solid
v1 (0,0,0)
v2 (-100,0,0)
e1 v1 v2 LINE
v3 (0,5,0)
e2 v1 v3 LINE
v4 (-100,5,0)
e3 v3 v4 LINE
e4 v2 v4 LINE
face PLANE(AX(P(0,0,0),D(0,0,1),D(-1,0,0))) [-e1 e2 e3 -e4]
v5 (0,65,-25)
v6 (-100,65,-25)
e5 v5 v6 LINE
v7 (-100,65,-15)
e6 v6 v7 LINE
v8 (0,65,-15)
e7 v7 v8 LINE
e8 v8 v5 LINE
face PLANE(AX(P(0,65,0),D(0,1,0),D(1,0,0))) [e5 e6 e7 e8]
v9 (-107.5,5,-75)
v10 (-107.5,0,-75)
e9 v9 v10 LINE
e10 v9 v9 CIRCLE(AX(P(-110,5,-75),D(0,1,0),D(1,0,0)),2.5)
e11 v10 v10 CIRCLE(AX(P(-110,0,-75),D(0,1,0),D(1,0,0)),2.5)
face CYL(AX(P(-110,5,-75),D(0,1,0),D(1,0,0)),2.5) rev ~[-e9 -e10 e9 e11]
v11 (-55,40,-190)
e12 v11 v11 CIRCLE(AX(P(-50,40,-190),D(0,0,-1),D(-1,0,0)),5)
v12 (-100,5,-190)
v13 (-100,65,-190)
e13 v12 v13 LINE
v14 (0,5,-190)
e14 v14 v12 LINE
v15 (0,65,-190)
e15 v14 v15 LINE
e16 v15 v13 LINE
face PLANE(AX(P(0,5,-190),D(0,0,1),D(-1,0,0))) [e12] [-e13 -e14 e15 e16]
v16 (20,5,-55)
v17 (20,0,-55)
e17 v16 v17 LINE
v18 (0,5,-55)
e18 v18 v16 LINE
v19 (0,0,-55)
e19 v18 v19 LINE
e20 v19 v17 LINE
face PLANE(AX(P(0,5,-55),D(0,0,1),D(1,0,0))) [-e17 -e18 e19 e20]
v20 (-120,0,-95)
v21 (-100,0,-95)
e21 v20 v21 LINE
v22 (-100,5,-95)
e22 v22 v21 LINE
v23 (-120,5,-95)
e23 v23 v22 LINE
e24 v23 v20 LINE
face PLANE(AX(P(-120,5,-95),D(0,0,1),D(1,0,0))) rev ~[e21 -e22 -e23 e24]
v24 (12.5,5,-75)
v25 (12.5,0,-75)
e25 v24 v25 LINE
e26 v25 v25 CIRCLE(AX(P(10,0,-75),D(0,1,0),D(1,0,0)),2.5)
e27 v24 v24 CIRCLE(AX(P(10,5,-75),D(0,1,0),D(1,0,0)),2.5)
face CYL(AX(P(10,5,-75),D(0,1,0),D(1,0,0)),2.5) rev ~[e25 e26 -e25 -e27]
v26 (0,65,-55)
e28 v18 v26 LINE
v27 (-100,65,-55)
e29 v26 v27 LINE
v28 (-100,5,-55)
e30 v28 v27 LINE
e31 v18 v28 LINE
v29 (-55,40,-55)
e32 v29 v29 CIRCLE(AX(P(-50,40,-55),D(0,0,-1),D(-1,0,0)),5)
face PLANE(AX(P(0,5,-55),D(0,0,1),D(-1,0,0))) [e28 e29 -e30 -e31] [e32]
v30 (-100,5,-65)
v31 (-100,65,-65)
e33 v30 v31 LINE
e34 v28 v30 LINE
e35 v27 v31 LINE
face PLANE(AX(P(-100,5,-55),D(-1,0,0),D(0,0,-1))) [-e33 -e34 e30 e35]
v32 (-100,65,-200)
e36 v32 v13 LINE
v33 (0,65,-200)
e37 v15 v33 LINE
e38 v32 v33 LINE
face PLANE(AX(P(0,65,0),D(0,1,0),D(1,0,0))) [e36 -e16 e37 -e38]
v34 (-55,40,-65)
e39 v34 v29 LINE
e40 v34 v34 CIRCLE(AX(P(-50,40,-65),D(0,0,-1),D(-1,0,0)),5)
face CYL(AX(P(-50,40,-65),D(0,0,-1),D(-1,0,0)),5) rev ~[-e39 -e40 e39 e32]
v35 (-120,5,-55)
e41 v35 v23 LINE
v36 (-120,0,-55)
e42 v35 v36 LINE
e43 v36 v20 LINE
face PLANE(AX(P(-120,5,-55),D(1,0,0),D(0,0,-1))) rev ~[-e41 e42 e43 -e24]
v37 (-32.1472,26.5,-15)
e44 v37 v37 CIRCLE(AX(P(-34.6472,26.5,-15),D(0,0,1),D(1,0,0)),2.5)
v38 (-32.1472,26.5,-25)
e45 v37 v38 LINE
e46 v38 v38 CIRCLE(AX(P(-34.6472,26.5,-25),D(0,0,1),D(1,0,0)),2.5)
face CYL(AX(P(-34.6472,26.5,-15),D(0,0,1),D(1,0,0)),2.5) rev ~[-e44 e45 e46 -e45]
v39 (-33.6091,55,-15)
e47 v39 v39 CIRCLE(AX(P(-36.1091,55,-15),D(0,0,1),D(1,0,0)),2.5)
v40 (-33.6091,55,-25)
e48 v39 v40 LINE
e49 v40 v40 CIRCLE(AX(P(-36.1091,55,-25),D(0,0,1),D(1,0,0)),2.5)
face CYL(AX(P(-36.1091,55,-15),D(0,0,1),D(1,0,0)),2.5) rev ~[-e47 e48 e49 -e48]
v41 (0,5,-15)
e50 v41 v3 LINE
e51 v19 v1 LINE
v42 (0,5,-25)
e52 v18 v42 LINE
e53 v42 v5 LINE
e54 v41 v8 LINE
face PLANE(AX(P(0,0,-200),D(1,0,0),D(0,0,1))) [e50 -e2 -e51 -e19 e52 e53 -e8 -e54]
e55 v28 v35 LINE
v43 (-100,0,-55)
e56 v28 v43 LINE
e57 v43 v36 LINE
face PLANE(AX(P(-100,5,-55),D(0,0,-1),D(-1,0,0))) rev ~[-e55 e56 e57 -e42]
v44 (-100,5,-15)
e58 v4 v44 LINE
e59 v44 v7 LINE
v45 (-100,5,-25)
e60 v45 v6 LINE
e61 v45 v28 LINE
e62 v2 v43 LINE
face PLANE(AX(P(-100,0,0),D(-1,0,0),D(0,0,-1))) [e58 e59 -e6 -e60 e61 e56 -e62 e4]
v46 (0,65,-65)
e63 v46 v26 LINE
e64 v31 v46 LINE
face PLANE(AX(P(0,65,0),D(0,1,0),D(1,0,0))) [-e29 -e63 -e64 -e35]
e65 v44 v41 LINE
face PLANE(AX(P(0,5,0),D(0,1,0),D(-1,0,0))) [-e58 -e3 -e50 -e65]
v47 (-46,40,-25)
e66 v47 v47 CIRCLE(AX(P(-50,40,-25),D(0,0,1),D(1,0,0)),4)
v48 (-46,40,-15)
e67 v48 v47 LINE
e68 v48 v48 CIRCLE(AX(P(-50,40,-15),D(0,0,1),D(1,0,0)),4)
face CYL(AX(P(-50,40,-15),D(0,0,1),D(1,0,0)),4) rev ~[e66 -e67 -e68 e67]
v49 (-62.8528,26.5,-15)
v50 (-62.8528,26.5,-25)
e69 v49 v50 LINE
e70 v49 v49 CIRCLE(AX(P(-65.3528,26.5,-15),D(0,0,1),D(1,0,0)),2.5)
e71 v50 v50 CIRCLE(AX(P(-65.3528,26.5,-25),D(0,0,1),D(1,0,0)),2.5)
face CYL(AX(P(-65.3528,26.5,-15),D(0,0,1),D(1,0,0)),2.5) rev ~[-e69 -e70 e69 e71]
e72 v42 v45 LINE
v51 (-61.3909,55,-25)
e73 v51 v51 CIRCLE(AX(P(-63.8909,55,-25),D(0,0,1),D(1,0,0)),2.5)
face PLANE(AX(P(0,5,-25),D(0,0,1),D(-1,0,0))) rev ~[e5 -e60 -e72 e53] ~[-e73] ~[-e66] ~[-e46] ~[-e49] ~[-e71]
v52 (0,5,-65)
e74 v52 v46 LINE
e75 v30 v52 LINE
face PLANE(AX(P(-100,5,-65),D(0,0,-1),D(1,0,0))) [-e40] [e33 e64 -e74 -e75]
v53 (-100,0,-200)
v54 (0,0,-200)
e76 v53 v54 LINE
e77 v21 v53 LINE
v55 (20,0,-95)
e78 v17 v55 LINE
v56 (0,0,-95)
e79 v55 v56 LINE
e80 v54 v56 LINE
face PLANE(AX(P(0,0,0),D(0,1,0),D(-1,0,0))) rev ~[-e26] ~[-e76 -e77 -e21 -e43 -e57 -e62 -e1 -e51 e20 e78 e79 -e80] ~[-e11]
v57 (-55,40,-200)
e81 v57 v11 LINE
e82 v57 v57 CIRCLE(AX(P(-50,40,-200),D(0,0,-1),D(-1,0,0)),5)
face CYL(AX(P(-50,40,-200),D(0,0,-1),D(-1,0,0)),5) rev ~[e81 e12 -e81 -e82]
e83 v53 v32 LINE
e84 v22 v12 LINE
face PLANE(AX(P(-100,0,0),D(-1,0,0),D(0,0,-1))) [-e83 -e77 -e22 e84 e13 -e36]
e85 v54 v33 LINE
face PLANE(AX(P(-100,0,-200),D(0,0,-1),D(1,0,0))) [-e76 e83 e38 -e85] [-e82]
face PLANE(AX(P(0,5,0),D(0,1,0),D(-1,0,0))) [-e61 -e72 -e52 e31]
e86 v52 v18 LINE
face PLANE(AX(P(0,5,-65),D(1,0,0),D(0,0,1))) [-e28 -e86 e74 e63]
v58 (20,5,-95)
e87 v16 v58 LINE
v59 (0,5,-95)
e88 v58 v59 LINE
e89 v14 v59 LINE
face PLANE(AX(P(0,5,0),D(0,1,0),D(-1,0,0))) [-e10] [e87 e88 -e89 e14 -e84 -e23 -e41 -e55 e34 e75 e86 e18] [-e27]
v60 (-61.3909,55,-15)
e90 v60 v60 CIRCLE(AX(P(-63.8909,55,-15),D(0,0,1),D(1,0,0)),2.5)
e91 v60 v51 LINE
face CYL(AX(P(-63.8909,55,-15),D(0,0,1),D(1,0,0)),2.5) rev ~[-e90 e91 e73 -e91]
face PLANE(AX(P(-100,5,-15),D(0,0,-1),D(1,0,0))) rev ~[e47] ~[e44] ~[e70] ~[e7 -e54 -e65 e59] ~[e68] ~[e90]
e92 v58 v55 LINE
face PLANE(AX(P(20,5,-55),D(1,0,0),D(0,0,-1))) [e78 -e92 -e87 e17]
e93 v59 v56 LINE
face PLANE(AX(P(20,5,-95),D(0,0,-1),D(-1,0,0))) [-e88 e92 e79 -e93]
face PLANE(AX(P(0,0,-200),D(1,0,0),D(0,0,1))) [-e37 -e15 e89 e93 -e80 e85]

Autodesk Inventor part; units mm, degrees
ref_plane "YZ Plane" through (0, 0, 0) normal (1, 0, 0) x (0, 1, 0)
ref_plane "XZ Plane" through (0, 0, 0) normal (0, 1, 0) x (-1, 0, 0)
ref_plane "XY Plane" through (0, 0, 0) normal (0, 0, 1) x (1, 0, 0)
sketch "Boceto2" plane through (0, 0, 0) normal (0, 1, 0) x (-1, 0, 0)
  line L0 (0, 0) -> (100, 0)
  line L1 (100, 0) -> (100, -200)
  line L2 (100, -200) -> (0, -200)
  line L3 (0, -200) -> (0, 0)
  dimension "d2" = 200
  dimension "d3" = 100
extrude "Extrusión1" add sketch "Boceto2" along normal blind 5
sketch "Boceto3" plane through (0, 5, 0) normal (0, 1, 0) x (1, 0, 0)
  line L0 (-100, 200) -> (-100, 0) projected
  line L1 (-100, 55) -> (-120, 55)
  line L2 (-120, 55) -> (-120, 95)
  line L3 (-120, 95) -> (-100, 95)
  line L4 (-100, 95) -> (-100, 55)
  line L5 (0, 0) -> (0, 200) projected
  line L6 (0, 55) -> (20, 55)
  line L7 (20, 55) -> (20, 95)
  line L8 (20, 95) -> (0, 95)
  line L9 (0, 95) -> (0, 55)
  line L10 (-100, 0) -> (0, 0) projected
  circle A0 centre (-110, 75) radius 2.5
  circle A1 centre (10, 75) radius 2.5
  point P0 (0, 95)
  dimension "d6" = 20
  dimension "d7" = 40
  dimension "d8" = 20
  dimension "d9" = 40
  dimension "d10" = 55
  dimension "d11" = 5
  dimension "d12" = 5
extrude "Extrusión2" add sketch "Boceto3" against normal blind 5
thread "Rosca1" size "M5x0.8" class "6H" standard "ANSI Metric M Profile" full length
thread "Rosca2" size "M5x0.8" class "6H" standard "ANSI Metric M Profile" full length
sketch "Boceto4" plane through (0, 5, 0) normal (0, 1, 0) x (1, 0, 0)
  line L0 (-100, 200) -> (-100, 95) projected
  line L1 (0, 95) -> (0, 200) projected
  line L2 (-100, 200) -> (0, 200)
  line L3 (0, 200) -> (0, 190)
  line L4 (0, 190) -> (-100, 190)
  line L5 (-100, 190) -> (-100, 200)
  line L6 (0, 55) -> (-100, 55)
  line L7 (-100, 55) -> (-100, 65)
  line L8 (-100, 65) -> (0, 65)
  line L9 (0, 65) -> (0, 55)
  line L10 (-100, 15) -> (0, 15)
  line L11 (0, 15) -> (0, 25)
  line L12 (0, 25) -> (-100, 25)
  line L13 (-100, 25) -> (-100, 15)
  line L14 (-100, 0) -> (0, 0) projected
  dimension "d19" = 10
  dimension "d20" = 100
  dimension "d21" = 10
  dimension "d22" = 100
  dimension "d24" = 30
  dimension "d56" = 125
extrude "Extrusión3" add sketch "Boceto4" along normal blind 60
sketch "Boceto5" plane through (0, 0, -200) normal (0, 0, -1) x (-1, 0, 0)
  circle A0 centre (50, 40) radius 5
  line L0 (0, 0) -> (0, 65) projected
  line L1 (0, 0) -> (100, 0) projected
  dimension "d28" = 10
  dimension "d29" = 50
  dimension "d34" = 40
extrude "Extrusión4" cut sketch "Boceto5" against normal blind 10
sketch "Boceto6" plane through (0, 5, -65) normal (0, 0, -1) x (-1, 0, 0)
  circle A0 centre (50, 35) radius 5 projected
  circle A1 centre (50, 35) radius 5
  point P0 (0, -5)
extrude "Extrusión5" cut sketch "Boceto6" against normal blind 10
sketch "Boceto7" plane through (-100, 5, -15) normal (0, 0, 1) x (1, 0, 0)
  circle A0 centre (50, 35) radius 5 projected
  circle A1 centre (50, 35) radius 4
  circle A2 centre (36.1091, 50) radius 2.5
  circle A3 centre (63.8909, 50) radius 2.5
  line L0 (0, 0) -> (0, 60) projected
  line L1 (100, 0) -> (100, 60) projected
  circle A4 centre (34.6472, 21.5) radius 2.5
  circle A5 centre (65.3528, 21.5) radius 2.5
  line L2 (0, 60) -> (100, 60) projected
  line L3 (0, 0) -> (100, 0) projected
  point P0 (100, -5)
  dimension "d35" = 8
  dimension "d36" = 5
  dimension "d37" = 5
  dimension "d41" = 5
  dimension "d42" = 5
  dimension "d45" = 10
  dimension "d47" = 10
  dimension "d50" = 20.444
  dimension "d51" = 28.5
  dimension "d52" = 20.444
  dimension "d53" = 20.444
  dimension "d54" = 20.444
  dimension "d55" = 28.5
extrude "Extrusión6" cut sketch "Boceto7" against normal blind 10 contours A1 | A2 | A3 | A4 | A5
properties part number "Base_motor"
